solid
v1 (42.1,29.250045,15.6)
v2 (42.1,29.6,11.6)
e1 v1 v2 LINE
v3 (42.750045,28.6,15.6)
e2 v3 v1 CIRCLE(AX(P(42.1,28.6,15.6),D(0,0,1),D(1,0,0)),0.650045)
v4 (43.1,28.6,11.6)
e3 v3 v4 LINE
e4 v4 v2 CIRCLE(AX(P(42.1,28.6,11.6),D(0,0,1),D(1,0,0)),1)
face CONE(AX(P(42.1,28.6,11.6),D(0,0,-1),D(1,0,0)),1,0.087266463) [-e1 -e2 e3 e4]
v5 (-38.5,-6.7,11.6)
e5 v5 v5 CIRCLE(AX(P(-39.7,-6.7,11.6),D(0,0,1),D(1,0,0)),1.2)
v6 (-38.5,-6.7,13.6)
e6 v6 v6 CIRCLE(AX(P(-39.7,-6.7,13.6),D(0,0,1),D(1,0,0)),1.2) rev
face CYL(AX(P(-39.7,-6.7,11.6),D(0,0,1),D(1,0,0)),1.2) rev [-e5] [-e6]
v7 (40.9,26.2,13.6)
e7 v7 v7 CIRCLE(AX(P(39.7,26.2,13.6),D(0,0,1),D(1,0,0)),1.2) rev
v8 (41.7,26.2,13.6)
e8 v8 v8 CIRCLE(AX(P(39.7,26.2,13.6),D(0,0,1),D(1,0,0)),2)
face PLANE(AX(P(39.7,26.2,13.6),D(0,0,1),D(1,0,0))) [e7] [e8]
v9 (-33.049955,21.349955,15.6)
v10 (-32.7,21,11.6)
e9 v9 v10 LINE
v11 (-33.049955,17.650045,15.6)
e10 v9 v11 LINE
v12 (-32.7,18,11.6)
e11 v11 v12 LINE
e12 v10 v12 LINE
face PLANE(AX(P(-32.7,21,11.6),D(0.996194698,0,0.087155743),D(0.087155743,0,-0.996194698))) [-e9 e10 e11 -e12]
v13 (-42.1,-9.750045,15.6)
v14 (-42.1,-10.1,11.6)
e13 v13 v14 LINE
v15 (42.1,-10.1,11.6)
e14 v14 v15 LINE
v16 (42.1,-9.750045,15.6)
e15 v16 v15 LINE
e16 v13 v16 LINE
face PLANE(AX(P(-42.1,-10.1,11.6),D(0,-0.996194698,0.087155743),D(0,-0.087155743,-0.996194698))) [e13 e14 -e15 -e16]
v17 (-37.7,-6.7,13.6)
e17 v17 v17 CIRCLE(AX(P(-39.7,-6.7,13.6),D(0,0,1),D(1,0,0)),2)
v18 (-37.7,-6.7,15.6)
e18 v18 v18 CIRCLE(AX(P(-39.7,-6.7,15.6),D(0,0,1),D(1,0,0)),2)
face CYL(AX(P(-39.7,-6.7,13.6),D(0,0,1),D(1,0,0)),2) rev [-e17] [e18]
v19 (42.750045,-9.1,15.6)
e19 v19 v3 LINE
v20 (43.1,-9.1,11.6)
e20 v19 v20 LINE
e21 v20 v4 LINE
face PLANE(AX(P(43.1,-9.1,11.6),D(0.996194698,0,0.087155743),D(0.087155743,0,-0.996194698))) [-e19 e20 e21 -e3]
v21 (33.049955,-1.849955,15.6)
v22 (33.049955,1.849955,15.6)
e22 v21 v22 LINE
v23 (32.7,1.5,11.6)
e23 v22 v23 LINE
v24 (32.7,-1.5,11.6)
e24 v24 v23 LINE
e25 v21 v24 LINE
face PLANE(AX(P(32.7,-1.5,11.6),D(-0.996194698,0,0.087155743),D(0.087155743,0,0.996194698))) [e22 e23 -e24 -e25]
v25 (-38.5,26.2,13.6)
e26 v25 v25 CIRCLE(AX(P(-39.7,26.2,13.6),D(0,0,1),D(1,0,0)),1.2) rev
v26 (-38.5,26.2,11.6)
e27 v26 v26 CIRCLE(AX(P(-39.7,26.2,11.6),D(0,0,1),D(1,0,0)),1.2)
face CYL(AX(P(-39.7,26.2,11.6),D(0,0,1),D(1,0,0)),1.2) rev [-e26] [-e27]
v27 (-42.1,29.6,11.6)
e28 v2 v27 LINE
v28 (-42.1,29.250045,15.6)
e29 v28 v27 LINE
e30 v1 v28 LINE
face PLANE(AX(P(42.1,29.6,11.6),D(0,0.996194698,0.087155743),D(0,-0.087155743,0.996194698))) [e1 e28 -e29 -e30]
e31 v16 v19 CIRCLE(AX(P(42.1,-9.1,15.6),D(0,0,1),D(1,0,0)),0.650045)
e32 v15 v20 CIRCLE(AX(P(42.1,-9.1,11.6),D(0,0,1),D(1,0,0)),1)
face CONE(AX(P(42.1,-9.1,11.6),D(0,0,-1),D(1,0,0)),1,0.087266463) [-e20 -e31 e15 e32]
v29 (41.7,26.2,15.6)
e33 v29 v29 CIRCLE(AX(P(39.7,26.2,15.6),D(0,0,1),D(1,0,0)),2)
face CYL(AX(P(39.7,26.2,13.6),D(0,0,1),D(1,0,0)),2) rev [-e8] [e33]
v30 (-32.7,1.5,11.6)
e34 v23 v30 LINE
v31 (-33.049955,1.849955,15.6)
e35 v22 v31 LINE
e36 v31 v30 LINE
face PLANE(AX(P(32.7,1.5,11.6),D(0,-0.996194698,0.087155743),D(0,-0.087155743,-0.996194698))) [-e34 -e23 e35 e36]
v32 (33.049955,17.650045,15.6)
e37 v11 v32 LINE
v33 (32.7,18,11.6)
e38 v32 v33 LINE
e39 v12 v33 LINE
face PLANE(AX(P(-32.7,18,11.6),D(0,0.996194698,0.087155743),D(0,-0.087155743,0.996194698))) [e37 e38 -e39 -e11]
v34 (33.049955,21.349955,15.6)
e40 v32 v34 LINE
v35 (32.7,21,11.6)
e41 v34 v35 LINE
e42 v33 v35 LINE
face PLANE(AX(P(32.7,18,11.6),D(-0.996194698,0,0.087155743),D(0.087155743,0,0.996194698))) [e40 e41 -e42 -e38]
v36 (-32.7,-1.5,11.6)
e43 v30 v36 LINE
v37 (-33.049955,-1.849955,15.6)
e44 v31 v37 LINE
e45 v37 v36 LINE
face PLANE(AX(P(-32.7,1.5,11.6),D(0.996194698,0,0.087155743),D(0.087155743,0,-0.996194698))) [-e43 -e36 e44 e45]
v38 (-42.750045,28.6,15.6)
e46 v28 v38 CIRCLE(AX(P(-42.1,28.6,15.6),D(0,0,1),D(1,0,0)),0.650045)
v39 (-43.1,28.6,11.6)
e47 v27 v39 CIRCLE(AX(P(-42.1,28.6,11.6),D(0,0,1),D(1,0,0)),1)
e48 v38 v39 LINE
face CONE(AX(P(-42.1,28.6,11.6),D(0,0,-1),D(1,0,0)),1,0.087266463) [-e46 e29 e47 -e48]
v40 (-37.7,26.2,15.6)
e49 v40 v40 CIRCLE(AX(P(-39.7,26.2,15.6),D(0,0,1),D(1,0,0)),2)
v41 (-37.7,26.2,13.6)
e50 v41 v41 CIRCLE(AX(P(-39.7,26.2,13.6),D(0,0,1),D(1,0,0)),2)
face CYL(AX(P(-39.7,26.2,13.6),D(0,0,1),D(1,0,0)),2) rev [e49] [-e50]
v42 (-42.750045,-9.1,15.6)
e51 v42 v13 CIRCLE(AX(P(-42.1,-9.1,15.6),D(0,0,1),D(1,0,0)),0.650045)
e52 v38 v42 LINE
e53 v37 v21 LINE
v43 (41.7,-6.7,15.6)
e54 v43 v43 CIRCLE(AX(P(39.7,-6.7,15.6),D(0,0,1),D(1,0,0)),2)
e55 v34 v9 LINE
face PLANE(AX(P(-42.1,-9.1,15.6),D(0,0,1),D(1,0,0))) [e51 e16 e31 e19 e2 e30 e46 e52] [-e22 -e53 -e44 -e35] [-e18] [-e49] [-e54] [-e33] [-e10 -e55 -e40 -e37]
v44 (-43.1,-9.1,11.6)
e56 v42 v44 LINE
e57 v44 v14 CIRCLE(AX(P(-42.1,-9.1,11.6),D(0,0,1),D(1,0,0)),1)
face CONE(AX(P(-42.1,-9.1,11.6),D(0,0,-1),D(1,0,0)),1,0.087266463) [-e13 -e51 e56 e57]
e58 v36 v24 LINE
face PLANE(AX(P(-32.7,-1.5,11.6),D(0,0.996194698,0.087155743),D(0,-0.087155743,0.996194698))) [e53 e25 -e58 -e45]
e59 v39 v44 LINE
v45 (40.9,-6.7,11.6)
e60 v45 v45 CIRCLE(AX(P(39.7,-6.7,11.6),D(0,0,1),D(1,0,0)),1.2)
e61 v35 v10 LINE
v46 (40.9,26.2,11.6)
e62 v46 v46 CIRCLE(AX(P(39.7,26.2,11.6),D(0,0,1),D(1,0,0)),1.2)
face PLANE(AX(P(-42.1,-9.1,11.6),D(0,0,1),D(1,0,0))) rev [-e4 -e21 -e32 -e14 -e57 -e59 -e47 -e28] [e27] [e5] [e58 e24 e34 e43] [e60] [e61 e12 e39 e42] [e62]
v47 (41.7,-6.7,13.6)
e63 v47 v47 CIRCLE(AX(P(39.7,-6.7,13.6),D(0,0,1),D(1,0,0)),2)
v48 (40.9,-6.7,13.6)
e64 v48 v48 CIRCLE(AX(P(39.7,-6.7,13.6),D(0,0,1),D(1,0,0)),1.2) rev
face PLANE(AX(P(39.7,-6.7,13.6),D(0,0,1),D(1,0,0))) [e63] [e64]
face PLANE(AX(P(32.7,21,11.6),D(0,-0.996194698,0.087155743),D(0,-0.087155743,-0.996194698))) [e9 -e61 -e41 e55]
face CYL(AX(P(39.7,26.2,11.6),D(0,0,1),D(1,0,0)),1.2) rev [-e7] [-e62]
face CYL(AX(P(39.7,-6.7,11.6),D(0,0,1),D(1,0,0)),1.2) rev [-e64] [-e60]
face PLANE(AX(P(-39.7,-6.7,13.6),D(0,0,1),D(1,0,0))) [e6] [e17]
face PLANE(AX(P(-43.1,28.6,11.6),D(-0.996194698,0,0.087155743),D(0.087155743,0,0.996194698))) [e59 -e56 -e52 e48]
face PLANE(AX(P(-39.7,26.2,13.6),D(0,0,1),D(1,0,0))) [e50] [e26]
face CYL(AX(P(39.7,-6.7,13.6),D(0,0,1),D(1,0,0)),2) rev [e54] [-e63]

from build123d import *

# Parameters (mm, degrees)
SKETCH1_W           = 65.4
SKETCH1_H           = 3
BOSS_EXTRUDE1_DEPTH = 4
BOSS_EXTRUDE1_TAPER = 5
SKETCH2_R           = 1.2
CUT_EXTRUDE1_DEPTH  = 5.0000001
SKETCH3_R           = 2
CUT_EXTRUDE2_DEPTH  = 2


with BuildPart() as part:
    # Sketch1 → Boss-Extrude1 (new body)
    with BuildSketch(Plane.XY.offset(11.6)):
        with BuildLine():
            Line((-42.1, -10.1), (42.1, -10.1))
            ThreePointArc((42.1, -10.1), (42.807106781, -9.807106781), (43.1, -9.1))
            Line((43.1, -9.1), (43.1, 28.6))
            ThreePointArc((43.1, 28.6), (42.807106781, 29.307106781), (42.1, 29.6))
            Line((42.1, 29.6), (-42.1, 29.6))
            ThreePointArc((-42.1, 29.6), (-42.807106781, 29.307106781), (-43.1, 28.6))
            Line((-43.1, 28.6), (-43.1, -9.1))
            ThreePointArc((-43.1, -9.1), (-42.807106781, -9.807106781), (-42.1, -10.1))
        make_face()
        Rectangle(SKETCH1_W, SKETCH1_H, mode=Mode.SUBTRACT)
        with Locations((0, 19.5)):
            Rectangle(SKETCH1_W, SKETCH1_H, mode=Mode.SUBTRACT)
    extrude(amount=BOSS_EXTRUDE1_DEPTH, taper=BOSS_EXTRUDE1_TAPER)

    # Sketch2 → Cut-Extrude1 (cut, through all)
    with BuildSketch(Plane.XY.offset(15.6)):
        with Locations((-39.7, 26.2)):
            Circle(SKETCH2_R)
        with Locations((-39.7, -6.7)):
            Circle(SKETCH2_R)
        with Locations((39.7, -6.7)):
            Circle(SKETCH2_R)
        with Locations((39.7, 26.2)):
            Circle(SKETCH2_R)
    extrude(amount=-CUT_EXTRUDE1_DEPTH, mode=Mode.SUBTRACT)

    # Sketch3 → Cut-Extrude2 (cut)
    with BuildSketch(Plane.XY.offset(15.6)):
        with Locations((-39.7, 26.2)):
            Circle(SKETCH3_R)
        with Locations((-39.7, -6.7)):
            Circle(SKETCH3_R)
        with Locations((39.7, -6.7)):
            Circle(SKETCH3_R)
        with Locations((39.7, 26.2)):
            Circle(SKETCH3_R)
    extrude(amount=-CUT_EXTRUDE2_DEPTH, mode=Mode.SUBTRACT)


solid = part.part
